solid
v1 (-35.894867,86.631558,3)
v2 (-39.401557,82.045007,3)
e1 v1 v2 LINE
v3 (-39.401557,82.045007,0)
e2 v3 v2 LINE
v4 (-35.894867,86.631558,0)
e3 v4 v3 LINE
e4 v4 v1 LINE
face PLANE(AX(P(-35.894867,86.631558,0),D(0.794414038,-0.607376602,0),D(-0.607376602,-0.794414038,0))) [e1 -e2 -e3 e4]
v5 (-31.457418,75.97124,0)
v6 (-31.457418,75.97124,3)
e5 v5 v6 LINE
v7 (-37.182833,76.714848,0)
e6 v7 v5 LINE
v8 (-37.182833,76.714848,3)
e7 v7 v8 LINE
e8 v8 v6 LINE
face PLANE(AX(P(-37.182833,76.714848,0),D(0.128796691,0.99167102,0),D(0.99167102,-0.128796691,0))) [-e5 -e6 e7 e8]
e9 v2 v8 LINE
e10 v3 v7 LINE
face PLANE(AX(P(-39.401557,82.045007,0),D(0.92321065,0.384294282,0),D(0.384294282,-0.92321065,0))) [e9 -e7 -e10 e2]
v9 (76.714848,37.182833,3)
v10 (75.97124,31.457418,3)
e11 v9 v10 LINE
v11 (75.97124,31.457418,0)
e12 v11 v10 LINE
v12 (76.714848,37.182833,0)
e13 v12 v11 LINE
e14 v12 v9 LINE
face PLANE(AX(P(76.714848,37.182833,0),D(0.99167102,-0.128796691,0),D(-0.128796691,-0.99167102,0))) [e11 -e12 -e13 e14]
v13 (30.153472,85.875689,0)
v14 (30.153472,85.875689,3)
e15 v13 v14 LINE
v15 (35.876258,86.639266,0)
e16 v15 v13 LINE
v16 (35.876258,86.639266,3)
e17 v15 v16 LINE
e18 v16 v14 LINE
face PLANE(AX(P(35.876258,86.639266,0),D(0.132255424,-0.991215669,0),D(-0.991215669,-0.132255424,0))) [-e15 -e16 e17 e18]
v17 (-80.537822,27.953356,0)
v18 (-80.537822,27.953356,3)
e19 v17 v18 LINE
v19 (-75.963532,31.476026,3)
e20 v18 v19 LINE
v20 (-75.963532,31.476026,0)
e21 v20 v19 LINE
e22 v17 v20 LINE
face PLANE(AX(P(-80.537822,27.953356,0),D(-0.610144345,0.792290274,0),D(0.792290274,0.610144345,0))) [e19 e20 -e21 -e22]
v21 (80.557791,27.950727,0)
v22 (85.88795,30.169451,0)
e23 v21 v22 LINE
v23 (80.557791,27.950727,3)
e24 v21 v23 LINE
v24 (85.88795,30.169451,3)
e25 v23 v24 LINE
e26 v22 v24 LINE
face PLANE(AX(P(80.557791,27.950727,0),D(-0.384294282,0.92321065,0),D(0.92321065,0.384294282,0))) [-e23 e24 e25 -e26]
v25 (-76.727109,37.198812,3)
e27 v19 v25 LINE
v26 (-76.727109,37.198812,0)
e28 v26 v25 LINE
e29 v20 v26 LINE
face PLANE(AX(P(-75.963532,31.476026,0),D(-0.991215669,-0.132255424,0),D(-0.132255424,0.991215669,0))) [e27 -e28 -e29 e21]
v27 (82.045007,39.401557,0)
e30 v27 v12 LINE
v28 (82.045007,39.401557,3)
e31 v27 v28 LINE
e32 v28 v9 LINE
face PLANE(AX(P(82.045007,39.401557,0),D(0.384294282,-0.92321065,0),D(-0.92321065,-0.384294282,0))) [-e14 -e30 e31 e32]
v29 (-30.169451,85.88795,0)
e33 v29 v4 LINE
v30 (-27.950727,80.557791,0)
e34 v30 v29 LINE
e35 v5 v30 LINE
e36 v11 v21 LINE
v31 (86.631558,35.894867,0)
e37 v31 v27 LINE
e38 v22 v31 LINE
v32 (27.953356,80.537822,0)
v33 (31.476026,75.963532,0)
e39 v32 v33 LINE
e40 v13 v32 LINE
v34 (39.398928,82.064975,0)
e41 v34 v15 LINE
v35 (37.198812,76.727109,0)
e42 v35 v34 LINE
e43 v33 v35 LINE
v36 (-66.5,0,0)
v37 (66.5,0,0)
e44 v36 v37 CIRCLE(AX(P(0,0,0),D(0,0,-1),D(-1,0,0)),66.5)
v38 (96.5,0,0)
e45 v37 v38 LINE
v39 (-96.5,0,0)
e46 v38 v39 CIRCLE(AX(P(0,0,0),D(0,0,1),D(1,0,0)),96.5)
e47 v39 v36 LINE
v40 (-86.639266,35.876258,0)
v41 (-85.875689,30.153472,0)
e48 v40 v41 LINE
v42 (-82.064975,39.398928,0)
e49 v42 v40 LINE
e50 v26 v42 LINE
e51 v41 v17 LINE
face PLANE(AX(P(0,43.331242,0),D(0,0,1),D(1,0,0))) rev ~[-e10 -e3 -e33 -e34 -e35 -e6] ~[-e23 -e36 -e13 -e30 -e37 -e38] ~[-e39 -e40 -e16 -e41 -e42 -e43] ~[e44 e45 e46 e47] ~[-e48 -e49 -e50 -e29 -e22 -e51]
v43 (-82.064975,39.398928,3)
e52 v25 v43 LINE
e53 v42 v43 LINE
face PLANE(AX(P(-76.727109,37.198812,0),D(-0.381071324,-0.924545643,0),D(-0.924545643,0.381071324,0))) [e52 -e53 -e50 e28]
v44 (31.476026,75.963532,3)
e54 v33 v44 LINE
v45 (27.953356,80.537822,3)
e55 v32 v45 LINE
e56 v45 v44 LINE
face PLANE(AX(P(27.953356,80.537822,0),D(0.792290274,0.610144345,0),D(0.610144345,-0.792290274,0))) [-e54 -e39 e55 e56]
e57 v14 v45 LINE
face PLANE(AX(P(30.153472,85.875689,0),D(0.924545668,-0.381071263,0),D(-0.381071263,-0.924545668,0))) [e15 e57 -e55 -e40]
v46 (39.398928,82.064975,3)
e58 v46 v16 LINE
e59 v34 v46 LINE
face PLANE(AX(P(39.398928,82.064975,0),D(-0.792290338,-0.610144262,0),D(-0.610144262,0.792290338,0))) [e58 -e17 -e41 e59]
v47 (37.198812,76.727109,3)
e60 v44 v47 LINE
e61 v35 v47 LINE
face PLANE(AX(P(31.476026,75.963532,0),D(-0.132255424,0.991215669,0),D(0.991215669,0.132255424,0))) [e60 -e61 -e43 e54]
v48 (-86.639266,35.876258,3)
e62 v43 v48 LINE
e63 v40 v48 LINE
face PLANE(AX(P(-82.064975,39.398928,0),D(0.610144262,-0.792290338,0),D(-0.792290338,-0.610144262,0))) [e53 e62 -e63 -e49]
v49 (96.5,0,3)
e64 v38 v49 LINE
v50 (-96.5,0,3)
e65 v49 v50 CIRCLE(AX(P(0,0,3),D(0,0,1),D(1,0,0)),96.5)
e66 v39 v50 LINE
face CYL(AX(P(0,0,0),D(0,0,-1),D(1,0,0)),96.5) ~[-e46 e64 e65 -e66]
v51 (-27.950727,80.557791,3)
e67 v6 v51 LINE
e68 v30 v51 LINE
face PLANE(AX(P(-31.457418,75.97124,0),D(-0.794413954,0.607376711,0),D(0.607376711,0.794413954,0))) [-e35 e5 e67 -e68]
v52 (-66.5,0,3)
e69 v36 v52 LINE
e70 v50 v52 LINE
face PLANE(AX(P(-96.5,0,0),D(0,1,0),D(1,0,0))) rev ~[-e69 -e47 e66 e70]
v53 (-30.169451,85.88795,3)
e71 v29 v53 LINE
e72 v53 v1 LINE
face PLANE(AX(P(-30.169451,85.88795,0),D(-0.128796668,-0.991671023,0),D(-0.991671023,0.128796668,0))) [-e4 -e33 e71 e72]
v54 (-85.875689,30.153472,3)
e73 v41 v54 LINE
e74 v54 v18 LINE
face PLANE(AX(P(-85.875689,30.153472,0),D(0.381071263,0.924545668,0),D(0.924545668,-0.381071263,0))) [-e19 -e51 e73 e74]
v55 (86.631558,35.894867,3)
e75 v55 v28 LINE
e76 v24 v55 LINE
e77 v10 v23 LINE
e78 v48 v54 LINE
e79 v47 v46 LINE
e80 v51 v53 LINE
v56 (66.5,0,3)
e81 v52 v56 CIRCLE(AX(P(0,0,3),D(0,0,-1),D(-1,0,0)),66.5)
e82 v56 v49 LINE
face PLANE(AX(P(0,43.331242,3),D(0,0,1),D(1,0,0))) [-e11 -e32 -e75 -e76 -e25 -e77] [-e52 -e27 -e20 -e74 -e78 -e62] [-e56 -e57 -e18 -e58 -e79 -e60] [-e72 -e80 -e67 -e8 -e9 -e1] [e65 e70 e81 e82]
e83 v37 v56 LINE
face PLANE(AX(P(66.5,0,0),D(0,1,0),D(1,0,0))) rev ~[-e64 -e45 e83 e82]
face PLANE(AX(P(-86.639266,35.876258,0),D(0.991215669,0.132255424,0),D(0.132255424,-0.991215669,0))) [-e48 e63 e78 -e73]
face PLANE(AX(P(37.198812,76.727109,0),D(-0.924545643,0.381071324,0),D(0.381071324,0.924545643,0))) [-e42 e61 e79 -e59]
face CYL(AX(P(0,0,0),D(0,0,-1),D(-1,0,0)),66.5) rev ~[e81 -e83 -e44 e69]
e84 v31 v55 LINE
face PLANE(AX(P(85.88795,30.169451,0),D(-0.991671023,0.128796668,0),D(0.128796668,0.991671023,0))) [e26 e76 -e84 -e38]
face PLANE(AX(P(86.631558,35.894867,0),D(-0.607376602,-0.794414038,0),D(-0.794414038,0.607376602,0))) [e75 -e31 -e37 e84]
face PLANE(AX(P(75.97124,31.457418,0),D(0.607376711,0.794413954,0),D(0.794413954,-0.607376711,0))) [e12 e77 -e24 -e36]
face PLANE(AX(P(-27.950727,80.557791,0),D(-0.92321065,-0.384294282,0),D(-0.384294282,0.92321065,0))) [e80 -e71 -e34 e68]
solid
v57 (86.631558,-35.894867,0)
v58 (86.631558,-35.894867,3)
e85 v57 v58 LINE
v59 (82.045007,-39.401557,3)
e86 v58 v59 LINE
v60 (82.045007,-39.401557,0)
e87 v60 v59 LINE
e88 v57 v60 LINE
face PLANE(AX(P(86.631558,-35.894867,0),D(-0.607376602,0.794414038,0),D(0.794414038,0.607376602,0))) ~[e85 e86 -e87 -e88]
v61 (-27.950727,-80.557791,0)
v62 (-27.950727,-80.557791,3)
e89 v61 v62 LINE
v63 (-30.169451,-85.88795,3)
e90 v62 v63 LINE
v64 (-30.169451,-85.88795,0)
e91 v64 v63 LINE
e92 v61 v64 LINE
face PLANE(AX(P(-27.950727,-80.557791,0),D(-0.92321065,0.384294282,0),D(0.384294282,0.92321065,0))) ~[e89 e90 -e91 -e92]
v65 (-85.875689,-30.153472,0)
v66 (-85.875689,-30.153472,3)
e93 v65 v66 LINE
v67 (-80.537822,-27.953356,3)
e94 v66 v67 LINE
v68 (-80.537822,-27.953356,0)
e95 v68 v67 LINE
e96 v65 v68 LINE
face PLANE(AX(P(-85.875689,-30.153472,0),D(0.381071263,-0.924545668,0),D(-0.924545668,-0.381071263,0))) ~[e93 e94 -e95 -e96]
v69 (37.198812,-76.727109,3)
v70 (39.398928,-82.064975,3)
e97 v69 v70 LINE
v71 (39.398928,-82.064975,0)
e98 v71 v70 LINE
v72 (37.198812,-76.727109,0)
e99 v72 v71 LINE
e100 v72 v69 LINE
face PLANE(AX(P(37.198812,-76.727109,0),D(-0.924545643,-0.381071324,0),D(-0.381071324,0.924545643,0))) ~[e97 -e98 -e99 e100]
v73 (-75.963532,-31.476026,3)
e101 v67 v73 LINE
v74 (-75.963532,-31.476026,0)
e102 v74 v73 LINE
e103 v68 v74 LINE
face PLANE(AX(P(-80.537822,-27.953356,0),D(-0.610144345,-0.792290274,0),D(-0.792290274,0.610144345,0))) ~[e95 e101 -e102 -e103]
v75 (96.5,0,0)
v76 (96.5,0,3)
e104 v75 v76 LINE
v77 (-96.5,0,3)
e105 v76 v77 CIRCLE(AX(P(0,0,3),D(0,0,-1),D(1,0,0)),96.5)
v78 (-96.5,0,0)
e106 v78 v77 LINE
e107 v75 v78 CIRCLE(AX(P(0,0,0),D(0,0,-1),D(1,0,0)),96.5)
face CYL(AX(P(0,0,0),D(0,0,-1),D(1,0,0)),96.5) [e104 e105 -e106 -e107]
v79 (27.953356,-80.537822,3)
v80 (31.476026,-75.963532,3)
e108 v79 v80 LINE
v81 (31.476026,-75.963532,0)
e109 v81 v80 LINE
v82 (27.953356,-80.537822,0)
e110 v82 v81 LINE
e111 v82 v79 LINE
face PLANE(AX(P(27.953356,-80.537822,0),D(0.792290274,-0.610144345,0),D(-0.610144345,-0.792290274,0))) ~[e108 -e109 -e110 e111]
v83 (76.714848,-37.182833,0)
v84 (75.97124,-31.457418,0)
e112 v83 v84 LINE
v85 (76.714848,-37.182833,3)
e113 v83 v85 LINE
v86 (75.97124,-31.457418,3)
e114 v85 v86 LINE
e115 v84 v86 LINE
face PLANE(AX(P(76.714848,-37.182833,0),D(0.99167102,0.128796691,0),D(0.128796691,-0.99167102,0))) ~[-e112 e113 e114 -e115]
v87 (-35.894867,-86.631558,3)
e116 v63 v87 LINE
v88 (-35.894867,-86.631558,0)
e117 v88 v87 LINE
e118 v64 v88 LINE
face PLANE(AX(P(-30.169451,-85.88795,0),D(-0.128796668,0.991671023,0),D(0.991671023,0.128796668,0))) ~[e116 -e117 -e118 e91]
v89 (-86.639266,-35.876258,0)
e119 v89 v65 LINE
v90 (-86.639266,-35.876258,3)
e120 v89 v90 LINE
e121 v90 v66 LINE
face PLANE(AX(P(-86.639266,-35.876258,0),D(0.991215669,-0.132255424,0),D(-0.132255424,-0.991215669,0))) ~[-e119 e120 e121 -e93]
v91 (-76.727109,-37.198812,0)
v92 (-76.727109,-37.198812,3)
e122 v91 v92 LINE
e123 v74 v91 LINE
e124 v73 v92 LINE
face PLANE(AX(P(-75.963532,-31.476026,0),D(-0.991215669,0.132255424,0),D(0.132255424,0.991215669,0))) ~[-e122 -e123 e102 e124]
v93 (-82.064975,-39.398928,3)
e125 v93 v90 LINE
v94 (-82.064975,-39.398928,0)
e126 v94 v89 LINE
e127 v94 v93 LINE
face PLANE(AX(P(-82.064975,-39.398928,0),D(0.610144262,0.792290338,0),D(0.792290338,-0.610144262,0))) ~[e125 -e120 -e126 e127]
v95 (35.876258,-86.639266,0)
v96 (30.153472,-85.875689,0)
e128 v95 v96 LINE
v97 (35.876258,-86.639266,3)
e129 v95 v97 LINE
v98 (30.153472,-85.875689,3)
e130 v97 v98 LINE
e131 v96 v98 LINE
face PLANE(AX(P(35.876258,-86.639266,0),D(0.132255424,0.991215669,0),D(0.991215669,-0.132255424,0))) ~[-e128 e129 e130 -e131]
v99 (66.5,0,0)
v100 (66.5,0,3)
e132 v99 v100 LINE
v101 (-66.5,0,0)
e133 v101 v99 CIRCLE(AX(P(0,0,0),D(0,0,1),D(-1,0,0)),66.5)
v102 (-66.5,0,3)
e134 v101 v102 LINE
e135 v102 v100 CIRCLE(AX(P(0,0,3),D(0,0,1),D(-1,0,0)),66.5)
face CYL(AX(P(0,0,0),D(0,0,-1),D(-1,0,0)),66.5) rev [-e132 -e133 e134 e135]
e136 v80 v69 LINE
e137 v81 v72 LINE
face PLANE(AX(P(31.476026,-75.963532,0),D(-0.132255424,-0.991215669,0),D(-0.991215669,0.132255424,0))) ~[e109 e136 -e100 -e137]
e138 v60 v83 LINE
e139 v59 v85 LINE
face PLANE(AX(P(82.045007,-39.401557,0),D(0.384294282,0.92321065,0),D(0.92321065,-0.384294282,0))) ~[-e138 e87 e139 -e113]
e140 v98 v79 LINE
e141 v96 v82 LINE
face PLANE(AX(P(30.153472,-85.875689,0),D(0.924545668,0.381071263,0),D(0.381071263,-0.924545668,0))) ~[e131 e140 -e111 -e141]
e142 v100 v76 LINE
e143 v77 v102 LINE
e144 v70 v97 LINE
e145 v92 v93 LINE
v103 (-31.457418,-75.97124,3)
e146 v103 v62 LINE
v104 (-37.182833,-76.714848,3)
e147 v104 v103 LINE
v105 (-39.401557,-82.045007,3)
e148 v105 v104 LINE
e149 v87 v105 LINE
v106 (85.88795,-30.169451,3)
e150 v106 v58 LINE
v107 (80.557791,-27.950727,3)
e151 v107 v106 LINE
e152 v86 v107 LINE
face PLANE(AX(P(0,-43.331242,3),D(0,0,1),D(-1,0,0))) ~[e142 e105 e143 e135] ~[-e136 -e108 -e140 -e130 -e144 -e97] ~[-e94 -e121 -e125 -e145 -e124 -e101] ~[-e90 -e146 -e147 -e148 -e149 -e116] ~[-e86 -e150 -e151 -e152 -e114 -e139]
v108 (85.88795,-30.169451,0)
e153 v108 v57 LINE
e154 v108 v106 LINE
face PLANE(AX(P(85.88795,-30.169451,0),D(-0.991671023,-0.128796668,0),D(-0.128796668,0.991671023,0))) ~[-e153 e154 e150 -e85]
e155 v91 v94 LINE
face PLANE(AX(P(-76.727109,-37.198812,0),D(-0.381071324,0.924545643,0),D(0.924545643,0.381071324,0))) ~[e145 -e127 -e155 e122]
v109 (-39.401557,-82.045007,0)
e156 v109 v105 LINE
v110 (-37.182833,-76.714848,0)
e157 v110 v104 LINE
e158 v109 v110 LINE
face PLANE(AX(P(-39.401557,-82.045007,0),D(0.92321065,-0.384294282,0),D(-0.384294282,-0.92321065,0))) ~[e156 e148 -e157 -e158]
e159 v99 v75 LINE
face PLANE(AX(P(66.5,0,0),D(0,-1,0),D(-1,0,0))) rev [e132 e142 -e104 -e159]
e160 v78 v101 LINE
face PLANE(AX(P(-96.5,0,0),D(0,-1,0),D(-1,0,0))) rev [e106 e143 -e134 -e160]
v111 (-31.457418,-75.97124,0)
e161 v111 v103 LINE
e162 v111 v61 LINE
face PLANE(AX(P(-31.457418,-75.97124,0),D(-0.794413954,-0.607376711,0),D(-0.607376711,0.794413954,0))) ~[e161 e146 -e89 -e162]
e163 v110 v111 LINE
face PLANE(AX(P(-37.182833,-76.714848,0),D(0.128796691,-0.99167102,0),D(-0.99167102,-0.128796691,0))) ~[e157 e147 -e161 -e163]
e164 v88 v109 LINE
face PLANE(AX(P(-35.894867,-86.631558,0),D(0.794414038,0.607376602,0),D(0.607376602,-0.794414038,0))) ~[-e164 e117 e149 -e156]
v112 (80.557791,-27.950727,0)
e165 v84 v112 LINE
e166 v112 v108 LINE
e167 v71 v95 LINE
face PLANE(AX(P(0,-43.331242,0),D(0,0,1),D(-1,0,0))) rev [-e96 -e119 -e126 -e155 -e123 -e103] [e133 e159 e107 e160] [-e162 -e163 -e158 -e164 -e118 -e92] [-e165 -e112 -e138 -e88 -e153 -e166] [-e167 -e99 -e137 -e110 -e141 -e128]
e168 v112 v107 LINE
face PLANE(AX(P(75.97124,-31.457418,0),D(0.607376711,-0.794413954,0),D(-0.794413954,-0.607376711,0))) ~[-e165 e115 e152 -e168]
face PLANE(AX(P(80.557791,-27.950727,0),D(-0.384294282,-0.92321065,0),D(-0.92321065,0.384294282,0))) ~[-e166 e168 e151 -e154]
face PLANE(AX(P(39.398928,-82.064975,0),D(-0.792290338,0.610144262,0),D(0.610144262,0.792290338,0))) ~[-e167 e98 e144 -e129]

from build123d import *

# Parameters (mm, degrees)
F1_DEPTH = 3
F3_DEPTH = 3


with BuildPart() as f1:
    # F0 (on Top) → F1 (new body)
    with BuildSketch(Plane.XY):
        with BuildLine():
            ThreePointArc((96.5, 0), (0, 96.5), (-96.5, 0))
            Line((-96.5, 0), (-66.5, 0))
            ThreePointArc((-66.5, 0), (0, 66.5), (66.5, 0))
            Line((66.5, 0), (96.5, 0))
        make_face()
    extrude(amount=F1_DEPTH)

    # F2 (on Top) → F3 (cut)
    with BuildSketch(Plane.XY):
        Polygon((-76.727109, 37.198812), (-82.064975, 39.398928), (-86.639266, 35.876258), (-85.875689, 30.153472), (-80.537822, 27.953356), (-75.963532, 31.476026), align=None)
        Polygon((-31.457418, 75.97124), (-27.950727, 80.557791), (-30.169451, 85.88795), (-35.894867, 86.631558), (-39.401557, 82.045007), (-37.182833, 76.714848), align=None)
        Polygon((31.476026, 75.963532), (37.198812, 76.727109), (39.398928, 82.064975), (35.876258, 86.639266), (30.153472, 85.875689), (27.953356, 80.537822), align=None)
        Polygon((80.557791, 27.950727), (85.88795, 30.169451), (86.631558, 35.894867), (82.045007, 39.401557), (76.714848, 37.182833), (75.97124, 31.457418), align=None)
    extrude(amount=F3_DEPTH, mode=Mode.SUBTRACT)


with BuildPart() as f5_1:
    # F5: instance of F1
    add(f1.part.mirror(Plane.XZ))


solid = Compound([f1.part, f5_1.part])
